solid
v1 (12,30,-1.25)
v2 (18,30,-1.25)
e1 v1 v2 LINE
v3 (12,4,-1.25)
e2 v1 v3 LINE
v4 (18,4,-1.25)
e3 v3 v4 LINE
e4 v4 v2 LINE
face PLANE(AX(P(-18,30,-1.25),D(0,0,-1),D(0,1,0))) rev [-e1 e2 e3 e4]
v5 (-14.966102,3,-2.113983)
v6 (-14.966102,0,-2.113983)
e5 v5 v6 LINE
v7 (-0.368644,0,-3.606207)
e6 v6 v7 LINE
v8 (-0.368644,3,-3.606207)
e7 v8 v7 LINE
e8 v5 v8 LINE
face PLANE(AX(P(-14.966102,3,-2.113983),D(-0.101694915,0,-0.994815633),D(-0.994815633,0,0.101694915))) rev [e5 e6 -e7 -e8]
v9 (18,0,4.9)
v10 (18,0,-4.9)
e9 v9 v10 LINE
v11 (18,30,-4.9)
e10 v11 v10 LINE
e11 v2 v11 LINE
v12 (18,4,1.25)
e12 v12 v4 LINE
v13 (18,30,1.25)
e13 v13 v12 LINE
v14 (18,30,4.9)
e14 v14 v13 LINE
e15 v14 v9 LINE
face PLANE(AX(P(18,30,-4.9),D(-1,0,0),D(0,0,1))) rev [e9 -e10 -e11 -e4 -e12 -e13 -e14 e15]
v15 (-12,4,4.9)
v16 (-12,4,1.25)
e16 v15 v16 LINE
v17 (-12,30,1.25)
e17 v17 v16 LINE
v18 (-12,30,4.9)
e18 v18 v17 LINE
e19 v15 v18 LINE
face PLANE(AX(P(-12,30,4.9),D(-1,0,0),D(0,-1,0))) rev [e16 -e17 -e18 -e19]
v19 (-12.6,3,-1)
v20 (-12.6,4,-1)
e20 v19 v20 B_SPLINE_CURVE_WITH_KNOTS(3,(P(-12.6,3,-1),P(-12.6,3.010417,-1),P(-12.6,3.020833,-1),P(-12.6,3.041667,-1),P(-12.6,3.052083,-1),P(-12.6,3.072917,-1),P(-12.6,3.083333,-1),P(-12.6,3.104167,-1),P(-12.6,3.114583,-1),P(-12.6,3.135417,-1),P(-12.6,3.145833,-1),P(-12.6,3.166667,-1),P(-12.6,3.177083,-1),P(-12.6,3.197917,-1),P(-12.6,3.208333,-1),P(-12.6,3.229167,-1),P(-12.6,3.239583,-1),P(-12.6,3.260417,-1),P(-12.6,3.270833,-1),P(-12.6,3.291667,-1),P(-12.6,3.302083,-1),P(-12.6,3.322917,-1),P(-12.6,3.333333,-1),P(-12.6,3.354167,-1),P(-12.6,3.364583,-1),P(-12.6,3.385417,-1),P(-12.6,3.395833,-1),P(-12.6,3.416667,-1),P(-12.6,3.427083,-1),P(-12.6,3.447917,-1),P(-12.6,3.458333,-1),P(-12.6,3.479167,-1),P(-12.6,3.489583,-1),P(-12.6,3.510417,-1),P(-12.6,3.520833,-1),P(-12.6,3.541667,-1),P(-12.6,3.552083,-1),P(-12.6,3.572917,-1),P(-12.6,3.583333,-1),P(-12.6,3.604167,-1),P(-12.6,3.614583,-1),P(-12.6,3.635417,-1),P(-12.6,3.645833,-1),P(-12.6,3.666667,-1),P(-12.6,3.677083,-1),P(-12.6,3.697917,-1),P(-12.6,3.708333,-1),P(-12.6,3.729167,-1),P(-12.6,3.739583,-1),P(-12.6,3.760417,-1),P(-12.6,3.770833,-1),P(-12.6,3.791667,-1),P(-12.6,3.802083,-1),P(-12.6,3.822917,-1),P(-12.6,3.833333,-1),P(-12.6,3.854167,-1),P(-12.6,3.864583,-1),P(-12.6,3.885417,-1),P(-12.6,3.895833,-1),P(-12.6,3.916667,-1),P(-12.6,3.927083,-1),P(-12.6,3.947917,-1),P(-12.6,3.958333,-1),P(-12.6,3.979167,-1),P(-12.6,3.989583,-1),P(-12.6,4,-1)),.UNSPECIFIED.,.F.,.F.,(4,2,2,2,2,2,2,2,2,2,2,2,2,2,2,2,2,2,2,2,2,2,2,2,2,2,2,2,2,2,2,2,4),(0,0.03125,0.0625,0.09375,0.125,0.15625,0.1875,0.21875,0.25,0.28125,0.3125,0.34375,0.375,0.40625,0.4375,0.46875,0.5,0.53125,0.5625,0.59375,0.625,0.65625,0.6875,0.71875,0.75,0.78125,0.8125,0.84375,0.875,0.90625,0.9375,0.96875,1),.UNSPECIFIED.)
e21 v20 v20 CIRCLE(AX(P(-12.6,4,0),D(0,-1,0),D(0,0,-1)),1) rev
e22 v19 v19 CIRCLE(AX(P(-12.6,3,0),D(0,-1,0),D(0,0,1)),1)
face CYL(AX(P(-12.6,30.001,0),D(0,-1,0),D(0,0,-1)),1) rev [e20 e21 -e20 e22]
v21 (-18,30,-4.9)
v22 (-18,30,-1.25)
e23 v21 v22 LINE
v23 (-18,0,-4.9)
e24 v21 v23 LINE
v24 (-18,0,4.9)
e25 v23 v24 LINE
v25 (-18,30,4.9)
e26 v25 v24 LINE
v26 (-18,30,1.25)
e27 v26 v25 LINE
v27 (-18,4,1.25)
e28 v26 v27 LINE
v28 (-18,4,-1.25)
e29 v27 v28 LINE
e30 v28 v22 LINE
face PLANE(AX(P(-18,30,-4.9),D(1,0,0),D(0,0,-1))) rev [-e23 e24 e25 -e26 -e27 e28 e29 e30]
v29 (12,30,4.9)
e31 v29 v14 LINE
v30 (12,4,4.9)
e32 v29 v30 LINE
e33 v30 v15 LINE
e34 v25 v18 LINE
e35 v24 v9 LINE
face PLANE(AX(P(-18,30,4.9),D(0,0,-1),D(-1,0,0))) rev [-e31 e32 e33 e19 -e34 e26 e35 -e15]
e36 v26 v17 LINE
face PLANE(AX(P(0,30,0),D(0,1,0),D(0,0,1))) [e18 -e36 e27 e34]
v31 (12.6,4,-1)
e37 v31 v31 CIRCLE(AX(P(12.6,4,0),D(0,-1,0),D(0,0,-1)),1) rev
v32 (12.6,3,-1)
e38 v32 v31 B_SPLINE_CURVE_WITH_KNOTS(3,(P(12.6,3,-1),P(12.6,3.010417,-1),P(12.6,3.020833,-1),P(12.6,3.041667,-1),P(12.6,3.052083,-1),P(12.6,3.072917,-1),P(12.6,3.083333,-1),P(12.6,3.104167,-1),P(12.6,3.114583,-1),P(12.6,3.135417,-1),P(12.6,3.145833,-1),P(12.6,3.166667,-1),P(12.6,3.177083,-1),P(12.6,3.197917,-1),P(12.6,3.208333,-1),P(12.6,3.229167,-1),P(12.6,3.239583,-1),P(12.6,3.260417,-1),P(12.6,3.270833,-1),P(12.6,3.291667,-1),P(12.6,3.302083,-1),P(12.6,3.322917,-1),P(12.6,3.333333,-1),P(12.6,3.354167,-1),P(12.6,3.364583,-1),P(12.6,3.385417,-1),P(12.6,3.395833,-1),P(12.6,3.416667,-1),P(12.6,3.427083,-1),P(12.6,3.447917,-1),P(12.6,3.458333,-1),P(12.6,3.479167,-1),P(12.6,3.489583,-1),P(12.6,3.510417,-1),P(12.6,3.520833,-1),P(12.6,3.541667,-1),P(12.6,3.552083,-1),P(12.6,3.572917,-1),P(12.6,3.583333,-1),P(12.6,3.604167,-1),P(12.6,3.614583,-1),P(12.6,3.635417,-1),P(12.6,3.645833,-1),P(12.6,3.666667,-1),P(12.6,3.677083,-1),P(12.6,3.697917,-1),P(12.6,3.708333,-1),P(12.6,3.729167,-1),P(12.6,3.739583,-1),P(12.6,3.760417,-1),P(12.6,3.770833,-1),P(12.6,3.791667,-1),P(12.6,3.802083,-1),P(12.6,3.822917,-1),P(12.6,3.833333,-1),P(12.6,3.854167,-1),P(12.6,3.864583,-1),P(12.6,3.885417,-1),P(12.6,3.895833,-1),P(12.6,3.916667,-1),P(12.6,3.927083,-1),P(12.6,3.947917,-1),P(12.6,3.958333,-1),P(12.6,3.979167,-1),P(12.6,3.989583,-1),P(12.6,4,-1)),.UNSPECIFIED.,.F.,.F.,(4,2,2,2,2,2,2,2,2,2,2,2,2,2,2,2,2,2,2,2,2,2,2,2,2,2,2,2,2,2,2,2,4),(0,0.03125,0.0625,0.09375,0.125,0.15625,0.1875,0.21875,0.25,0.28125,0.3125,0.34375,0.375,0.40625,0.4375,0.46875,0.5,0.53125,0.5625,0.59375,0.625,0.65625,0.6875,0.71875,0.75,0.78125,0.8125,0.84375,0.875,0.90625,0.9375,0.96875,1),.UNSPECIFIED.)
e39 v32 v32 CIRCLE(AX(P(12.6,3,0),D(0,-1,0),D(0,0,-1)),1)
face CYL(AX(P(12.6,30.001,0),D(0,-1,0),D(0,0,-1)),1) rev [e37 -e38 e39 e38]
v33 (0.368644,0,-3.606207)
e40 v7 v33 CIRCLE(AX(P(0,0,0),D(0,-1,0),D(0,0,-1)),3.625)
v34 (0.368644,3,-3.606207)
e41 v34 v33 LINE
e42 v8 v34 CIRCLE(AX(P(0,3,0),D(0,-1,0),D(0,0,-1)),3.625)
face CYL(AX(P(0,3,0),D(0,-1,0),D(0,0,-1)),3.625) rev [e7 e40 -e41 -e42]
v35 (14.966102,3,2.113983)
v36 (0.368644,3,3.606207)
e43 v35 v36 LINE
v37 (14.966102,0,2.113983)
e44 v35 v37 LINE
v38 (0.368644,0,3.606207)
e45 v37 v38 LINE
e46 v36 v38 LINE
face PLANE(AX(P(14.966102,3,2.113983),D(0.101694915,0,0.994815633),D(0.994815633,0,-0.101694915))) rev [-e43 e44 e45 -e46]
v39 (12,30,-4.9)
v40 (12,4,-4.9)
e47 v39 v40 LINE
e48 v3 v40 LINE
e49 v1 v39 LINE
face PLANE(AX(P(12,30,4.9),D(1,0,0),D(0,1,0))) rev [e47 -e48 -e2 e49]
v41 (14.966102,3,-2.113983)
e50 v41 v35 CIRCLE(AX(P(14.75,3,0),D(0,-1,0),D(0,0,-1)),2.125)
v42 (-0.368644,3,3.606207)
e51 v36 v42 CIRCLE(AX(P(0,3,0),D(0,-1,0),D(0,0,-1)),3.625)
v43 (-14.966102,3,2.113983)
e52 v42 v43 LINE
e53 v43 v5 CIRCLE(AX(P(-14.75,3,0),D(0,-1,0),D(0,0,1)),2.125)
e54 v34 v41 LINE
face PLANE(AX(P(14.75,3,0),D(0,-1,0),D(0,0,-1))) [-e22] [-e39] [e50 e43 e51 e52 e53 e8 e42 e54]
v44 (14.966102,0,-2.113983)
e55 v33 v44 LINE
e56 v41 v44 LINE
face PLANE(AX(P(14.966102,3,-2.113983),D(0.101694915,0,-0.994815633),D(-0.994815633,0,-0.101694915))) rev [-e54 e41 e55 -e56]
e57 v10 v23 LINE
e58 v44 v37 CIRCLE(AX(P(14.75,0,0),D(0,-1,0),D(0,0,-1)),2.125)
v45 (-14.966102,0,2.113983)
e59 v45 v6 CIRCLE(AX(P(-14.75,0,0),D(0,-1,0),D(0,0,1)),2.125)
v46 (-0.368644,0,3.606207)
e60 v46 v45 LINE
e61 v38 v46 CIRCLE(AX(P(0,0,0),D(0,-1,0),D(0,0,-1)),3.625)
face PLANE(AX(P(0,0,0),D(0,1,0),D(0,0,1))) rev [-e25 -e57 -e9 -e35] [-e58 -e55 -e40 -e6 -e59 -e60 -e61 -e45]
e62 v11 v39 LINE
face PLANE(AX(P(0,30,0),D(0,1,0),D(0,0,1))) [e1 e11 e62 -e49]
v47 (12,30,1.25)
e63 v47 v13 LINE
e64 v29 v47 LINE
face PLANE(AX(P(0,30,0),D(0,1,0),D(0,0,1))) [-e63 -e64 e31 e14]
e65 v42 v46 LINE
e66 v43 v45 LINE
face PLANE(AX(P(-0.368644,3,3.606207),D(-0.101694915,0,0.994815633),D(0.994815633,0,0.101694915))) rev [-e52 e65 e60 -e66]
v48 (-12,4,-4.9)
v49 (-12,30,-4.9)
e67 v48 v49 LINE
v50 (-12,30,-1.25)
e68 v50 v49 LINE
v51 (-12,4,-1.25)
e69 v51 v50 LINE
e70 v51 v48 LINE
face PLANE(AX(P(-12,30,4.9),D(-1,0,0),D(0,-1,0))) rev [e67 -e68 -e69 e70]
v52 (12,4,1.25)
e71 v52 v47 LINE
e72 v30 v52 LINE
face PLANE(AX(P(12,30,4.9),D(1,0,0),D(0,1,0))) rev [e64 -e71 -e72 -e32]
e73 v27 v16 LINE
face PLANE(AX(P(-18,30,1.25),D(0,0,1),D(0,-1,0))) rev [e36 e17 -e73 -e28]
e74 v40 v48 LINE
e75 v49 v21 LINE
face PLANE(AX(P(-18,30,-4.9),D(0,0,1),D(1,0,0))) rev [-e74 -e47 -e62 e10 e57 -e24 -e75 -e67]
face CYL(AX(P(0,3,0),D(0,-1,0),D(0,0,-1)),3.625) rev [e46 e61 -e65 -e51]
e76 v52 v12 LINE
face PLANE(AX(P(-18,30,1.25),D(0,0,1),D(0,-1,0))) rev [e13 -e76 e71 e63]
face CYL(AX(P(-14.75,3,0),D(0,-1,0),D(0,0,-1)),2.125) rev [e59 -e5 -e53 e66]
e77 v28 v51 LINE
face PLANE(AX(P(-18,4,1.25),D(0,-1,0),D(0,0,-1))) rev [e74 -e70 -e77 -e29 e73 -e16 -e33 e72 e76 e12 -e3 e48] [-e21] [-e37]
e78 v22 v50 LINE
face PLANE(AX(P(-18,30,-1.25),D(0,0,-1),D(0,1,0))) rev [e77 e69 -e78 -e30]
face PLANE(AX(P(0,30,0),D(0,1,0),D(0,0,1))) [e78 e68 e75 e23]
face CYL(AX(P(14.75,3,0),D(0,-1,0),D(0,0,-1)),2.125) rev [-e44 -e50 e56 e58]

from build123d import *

# Parameters (mm, degrees)
SKETCH_1_W          = 36
SKETCH_1_H          = 9.8
EXTRUDE_1_DEPTH     = 30
SKETCH_2_W          = 2.5
SKETCH_2_H          = 26
CUT_EXTRUDE_1_DEPTH = 48.116982077
SKETCH_3_W          = 24
SKETCH_3_H          = 26
CUT_EXTRUDE_2_DEPTH = 37.332354727
CUT_EXTRUDE_3_DEPTH = 3
CUT_EXTRUDE_4_REACH = 34.818
SKETCH_9_R          = 1


with BuildPart() as part:
    # 草图1 → 凸台-拉伸1 (new body)
    with BuildSketch(Plane(origin=(0, 0, 0), x_dir=(1, 0, 0), z_dir=(0, 1, 0))):
        Rectangle(SKETCH_1_W, SKETCH_1_H)
    extrude(amount=EXTRUDE_1_DEPTH)

    # 草图2 → 切除-拉伸1 (cut, through all)
    with BuildSketch(Plane(origin=(18, 0, 0), x_dir=(0, 0, -1), z_dir=(1, 0, 0))):
        with Locations((0, 17)):
            Rectangle(SKETCH_2_W, SKETCH_2_H)
    extrude(amount=-CUT_EXTRUDE_1_DEPTH, mode=Mode.SUBTRACT)

    # 草图3 → 切除-拉伸2 (cut, through all)
    with BuildSketch(Plane(origin=(0, 0, -4.9), x_dir=(-1, 0, 0), z_dir=(0, 0, -1))):
        with Locations((0, 17)):
            Rectangle(SKETCH_3_W, SKETCH_3_H)
    extrude(amount=-CUT_EXTRUDE_2_DEPTH, mode=Mode.SUBTRACT)

    # 草图5 → 切除-拉伸3 (cut)
    with BuildSketch(Plane.XZ):
        with BuildLine():
            Line((14.966101695, 2.113983221), (0.368644068, 3.606206671))
            ThreePointArc((0.368644068, 3.606206671), (0, 3.625), (-0.368644068, 3.606206671))
            Line((-0.368644068, 3.606206671), (-14.966101695, 2.113983221))
            ThreePointArc((-14.966101695, 2.113983221), (-16.875, 0), (-14.966101695, -2.113983221))
            Line((-14.966101695, -2.113983221), (-0.368644068, -3.606206671))
            ThreePointArc((-0.368644068, -3.606206671), (0, -3.625), (0.368644068, -3.606206671))
            Line((0.368644068, -3.606206671), (14.966101695, -2.113983221))
            ThreePointArc((14.966101695, -2.113983221), (16.875, 0), (14.966101695, 2.113983221))
        make_face()
    extrude(amount=-CUT_EXTRUDE_3_DEPTH, mode=Mode.SUBTRACT)

    # 草图9 → 切除-拉伸4 (cut, up to next)
    with BuildSketch(Plane.XZ.offset(-3), mode=Mode.PRIVATE) as cut_extrude_4_sk1:
        with Locations(Location((12.6, 0, 0), (0, 0, 270))):
            Circle(SKETCH_9_R)
    cut_extrude_4_tool1 = extrude(cut_extrude_4_sk1.sketch, amount=-CUT_EXTRUDE_4_REACH, mode=Mode.PRIVATE) & part.part
    # 草图9 → 切除-拉伸4 (cut, up to next)
    with BuildSketch(Plane.XZ.offset(-3), mode=Mode.PRIVATE) as cut_extrude_4_sk2:
        with Locations(Location((-12.6, 0, 0), (0, 0, 270))):
            Circle(SKETCH_9_R)
    cut_extrude_4_tool2 = extrude(cut_extrude_4_sk2.sketch, amount=-CUT_EXTRUDE_4_REACH, mode=Mode.PRIVATE) & part.part
    add(cut_extrude_4_tool1.solids().sort_by_distance((12.6, 3, 0))[0], mode=Mode.SUBTRACT)
    add(cut_extrude_4_tool2.solids().sort_by_distance((-12.6, 3, 0))[0], mode=Mode.SUBTRACT)


solid = part.part
